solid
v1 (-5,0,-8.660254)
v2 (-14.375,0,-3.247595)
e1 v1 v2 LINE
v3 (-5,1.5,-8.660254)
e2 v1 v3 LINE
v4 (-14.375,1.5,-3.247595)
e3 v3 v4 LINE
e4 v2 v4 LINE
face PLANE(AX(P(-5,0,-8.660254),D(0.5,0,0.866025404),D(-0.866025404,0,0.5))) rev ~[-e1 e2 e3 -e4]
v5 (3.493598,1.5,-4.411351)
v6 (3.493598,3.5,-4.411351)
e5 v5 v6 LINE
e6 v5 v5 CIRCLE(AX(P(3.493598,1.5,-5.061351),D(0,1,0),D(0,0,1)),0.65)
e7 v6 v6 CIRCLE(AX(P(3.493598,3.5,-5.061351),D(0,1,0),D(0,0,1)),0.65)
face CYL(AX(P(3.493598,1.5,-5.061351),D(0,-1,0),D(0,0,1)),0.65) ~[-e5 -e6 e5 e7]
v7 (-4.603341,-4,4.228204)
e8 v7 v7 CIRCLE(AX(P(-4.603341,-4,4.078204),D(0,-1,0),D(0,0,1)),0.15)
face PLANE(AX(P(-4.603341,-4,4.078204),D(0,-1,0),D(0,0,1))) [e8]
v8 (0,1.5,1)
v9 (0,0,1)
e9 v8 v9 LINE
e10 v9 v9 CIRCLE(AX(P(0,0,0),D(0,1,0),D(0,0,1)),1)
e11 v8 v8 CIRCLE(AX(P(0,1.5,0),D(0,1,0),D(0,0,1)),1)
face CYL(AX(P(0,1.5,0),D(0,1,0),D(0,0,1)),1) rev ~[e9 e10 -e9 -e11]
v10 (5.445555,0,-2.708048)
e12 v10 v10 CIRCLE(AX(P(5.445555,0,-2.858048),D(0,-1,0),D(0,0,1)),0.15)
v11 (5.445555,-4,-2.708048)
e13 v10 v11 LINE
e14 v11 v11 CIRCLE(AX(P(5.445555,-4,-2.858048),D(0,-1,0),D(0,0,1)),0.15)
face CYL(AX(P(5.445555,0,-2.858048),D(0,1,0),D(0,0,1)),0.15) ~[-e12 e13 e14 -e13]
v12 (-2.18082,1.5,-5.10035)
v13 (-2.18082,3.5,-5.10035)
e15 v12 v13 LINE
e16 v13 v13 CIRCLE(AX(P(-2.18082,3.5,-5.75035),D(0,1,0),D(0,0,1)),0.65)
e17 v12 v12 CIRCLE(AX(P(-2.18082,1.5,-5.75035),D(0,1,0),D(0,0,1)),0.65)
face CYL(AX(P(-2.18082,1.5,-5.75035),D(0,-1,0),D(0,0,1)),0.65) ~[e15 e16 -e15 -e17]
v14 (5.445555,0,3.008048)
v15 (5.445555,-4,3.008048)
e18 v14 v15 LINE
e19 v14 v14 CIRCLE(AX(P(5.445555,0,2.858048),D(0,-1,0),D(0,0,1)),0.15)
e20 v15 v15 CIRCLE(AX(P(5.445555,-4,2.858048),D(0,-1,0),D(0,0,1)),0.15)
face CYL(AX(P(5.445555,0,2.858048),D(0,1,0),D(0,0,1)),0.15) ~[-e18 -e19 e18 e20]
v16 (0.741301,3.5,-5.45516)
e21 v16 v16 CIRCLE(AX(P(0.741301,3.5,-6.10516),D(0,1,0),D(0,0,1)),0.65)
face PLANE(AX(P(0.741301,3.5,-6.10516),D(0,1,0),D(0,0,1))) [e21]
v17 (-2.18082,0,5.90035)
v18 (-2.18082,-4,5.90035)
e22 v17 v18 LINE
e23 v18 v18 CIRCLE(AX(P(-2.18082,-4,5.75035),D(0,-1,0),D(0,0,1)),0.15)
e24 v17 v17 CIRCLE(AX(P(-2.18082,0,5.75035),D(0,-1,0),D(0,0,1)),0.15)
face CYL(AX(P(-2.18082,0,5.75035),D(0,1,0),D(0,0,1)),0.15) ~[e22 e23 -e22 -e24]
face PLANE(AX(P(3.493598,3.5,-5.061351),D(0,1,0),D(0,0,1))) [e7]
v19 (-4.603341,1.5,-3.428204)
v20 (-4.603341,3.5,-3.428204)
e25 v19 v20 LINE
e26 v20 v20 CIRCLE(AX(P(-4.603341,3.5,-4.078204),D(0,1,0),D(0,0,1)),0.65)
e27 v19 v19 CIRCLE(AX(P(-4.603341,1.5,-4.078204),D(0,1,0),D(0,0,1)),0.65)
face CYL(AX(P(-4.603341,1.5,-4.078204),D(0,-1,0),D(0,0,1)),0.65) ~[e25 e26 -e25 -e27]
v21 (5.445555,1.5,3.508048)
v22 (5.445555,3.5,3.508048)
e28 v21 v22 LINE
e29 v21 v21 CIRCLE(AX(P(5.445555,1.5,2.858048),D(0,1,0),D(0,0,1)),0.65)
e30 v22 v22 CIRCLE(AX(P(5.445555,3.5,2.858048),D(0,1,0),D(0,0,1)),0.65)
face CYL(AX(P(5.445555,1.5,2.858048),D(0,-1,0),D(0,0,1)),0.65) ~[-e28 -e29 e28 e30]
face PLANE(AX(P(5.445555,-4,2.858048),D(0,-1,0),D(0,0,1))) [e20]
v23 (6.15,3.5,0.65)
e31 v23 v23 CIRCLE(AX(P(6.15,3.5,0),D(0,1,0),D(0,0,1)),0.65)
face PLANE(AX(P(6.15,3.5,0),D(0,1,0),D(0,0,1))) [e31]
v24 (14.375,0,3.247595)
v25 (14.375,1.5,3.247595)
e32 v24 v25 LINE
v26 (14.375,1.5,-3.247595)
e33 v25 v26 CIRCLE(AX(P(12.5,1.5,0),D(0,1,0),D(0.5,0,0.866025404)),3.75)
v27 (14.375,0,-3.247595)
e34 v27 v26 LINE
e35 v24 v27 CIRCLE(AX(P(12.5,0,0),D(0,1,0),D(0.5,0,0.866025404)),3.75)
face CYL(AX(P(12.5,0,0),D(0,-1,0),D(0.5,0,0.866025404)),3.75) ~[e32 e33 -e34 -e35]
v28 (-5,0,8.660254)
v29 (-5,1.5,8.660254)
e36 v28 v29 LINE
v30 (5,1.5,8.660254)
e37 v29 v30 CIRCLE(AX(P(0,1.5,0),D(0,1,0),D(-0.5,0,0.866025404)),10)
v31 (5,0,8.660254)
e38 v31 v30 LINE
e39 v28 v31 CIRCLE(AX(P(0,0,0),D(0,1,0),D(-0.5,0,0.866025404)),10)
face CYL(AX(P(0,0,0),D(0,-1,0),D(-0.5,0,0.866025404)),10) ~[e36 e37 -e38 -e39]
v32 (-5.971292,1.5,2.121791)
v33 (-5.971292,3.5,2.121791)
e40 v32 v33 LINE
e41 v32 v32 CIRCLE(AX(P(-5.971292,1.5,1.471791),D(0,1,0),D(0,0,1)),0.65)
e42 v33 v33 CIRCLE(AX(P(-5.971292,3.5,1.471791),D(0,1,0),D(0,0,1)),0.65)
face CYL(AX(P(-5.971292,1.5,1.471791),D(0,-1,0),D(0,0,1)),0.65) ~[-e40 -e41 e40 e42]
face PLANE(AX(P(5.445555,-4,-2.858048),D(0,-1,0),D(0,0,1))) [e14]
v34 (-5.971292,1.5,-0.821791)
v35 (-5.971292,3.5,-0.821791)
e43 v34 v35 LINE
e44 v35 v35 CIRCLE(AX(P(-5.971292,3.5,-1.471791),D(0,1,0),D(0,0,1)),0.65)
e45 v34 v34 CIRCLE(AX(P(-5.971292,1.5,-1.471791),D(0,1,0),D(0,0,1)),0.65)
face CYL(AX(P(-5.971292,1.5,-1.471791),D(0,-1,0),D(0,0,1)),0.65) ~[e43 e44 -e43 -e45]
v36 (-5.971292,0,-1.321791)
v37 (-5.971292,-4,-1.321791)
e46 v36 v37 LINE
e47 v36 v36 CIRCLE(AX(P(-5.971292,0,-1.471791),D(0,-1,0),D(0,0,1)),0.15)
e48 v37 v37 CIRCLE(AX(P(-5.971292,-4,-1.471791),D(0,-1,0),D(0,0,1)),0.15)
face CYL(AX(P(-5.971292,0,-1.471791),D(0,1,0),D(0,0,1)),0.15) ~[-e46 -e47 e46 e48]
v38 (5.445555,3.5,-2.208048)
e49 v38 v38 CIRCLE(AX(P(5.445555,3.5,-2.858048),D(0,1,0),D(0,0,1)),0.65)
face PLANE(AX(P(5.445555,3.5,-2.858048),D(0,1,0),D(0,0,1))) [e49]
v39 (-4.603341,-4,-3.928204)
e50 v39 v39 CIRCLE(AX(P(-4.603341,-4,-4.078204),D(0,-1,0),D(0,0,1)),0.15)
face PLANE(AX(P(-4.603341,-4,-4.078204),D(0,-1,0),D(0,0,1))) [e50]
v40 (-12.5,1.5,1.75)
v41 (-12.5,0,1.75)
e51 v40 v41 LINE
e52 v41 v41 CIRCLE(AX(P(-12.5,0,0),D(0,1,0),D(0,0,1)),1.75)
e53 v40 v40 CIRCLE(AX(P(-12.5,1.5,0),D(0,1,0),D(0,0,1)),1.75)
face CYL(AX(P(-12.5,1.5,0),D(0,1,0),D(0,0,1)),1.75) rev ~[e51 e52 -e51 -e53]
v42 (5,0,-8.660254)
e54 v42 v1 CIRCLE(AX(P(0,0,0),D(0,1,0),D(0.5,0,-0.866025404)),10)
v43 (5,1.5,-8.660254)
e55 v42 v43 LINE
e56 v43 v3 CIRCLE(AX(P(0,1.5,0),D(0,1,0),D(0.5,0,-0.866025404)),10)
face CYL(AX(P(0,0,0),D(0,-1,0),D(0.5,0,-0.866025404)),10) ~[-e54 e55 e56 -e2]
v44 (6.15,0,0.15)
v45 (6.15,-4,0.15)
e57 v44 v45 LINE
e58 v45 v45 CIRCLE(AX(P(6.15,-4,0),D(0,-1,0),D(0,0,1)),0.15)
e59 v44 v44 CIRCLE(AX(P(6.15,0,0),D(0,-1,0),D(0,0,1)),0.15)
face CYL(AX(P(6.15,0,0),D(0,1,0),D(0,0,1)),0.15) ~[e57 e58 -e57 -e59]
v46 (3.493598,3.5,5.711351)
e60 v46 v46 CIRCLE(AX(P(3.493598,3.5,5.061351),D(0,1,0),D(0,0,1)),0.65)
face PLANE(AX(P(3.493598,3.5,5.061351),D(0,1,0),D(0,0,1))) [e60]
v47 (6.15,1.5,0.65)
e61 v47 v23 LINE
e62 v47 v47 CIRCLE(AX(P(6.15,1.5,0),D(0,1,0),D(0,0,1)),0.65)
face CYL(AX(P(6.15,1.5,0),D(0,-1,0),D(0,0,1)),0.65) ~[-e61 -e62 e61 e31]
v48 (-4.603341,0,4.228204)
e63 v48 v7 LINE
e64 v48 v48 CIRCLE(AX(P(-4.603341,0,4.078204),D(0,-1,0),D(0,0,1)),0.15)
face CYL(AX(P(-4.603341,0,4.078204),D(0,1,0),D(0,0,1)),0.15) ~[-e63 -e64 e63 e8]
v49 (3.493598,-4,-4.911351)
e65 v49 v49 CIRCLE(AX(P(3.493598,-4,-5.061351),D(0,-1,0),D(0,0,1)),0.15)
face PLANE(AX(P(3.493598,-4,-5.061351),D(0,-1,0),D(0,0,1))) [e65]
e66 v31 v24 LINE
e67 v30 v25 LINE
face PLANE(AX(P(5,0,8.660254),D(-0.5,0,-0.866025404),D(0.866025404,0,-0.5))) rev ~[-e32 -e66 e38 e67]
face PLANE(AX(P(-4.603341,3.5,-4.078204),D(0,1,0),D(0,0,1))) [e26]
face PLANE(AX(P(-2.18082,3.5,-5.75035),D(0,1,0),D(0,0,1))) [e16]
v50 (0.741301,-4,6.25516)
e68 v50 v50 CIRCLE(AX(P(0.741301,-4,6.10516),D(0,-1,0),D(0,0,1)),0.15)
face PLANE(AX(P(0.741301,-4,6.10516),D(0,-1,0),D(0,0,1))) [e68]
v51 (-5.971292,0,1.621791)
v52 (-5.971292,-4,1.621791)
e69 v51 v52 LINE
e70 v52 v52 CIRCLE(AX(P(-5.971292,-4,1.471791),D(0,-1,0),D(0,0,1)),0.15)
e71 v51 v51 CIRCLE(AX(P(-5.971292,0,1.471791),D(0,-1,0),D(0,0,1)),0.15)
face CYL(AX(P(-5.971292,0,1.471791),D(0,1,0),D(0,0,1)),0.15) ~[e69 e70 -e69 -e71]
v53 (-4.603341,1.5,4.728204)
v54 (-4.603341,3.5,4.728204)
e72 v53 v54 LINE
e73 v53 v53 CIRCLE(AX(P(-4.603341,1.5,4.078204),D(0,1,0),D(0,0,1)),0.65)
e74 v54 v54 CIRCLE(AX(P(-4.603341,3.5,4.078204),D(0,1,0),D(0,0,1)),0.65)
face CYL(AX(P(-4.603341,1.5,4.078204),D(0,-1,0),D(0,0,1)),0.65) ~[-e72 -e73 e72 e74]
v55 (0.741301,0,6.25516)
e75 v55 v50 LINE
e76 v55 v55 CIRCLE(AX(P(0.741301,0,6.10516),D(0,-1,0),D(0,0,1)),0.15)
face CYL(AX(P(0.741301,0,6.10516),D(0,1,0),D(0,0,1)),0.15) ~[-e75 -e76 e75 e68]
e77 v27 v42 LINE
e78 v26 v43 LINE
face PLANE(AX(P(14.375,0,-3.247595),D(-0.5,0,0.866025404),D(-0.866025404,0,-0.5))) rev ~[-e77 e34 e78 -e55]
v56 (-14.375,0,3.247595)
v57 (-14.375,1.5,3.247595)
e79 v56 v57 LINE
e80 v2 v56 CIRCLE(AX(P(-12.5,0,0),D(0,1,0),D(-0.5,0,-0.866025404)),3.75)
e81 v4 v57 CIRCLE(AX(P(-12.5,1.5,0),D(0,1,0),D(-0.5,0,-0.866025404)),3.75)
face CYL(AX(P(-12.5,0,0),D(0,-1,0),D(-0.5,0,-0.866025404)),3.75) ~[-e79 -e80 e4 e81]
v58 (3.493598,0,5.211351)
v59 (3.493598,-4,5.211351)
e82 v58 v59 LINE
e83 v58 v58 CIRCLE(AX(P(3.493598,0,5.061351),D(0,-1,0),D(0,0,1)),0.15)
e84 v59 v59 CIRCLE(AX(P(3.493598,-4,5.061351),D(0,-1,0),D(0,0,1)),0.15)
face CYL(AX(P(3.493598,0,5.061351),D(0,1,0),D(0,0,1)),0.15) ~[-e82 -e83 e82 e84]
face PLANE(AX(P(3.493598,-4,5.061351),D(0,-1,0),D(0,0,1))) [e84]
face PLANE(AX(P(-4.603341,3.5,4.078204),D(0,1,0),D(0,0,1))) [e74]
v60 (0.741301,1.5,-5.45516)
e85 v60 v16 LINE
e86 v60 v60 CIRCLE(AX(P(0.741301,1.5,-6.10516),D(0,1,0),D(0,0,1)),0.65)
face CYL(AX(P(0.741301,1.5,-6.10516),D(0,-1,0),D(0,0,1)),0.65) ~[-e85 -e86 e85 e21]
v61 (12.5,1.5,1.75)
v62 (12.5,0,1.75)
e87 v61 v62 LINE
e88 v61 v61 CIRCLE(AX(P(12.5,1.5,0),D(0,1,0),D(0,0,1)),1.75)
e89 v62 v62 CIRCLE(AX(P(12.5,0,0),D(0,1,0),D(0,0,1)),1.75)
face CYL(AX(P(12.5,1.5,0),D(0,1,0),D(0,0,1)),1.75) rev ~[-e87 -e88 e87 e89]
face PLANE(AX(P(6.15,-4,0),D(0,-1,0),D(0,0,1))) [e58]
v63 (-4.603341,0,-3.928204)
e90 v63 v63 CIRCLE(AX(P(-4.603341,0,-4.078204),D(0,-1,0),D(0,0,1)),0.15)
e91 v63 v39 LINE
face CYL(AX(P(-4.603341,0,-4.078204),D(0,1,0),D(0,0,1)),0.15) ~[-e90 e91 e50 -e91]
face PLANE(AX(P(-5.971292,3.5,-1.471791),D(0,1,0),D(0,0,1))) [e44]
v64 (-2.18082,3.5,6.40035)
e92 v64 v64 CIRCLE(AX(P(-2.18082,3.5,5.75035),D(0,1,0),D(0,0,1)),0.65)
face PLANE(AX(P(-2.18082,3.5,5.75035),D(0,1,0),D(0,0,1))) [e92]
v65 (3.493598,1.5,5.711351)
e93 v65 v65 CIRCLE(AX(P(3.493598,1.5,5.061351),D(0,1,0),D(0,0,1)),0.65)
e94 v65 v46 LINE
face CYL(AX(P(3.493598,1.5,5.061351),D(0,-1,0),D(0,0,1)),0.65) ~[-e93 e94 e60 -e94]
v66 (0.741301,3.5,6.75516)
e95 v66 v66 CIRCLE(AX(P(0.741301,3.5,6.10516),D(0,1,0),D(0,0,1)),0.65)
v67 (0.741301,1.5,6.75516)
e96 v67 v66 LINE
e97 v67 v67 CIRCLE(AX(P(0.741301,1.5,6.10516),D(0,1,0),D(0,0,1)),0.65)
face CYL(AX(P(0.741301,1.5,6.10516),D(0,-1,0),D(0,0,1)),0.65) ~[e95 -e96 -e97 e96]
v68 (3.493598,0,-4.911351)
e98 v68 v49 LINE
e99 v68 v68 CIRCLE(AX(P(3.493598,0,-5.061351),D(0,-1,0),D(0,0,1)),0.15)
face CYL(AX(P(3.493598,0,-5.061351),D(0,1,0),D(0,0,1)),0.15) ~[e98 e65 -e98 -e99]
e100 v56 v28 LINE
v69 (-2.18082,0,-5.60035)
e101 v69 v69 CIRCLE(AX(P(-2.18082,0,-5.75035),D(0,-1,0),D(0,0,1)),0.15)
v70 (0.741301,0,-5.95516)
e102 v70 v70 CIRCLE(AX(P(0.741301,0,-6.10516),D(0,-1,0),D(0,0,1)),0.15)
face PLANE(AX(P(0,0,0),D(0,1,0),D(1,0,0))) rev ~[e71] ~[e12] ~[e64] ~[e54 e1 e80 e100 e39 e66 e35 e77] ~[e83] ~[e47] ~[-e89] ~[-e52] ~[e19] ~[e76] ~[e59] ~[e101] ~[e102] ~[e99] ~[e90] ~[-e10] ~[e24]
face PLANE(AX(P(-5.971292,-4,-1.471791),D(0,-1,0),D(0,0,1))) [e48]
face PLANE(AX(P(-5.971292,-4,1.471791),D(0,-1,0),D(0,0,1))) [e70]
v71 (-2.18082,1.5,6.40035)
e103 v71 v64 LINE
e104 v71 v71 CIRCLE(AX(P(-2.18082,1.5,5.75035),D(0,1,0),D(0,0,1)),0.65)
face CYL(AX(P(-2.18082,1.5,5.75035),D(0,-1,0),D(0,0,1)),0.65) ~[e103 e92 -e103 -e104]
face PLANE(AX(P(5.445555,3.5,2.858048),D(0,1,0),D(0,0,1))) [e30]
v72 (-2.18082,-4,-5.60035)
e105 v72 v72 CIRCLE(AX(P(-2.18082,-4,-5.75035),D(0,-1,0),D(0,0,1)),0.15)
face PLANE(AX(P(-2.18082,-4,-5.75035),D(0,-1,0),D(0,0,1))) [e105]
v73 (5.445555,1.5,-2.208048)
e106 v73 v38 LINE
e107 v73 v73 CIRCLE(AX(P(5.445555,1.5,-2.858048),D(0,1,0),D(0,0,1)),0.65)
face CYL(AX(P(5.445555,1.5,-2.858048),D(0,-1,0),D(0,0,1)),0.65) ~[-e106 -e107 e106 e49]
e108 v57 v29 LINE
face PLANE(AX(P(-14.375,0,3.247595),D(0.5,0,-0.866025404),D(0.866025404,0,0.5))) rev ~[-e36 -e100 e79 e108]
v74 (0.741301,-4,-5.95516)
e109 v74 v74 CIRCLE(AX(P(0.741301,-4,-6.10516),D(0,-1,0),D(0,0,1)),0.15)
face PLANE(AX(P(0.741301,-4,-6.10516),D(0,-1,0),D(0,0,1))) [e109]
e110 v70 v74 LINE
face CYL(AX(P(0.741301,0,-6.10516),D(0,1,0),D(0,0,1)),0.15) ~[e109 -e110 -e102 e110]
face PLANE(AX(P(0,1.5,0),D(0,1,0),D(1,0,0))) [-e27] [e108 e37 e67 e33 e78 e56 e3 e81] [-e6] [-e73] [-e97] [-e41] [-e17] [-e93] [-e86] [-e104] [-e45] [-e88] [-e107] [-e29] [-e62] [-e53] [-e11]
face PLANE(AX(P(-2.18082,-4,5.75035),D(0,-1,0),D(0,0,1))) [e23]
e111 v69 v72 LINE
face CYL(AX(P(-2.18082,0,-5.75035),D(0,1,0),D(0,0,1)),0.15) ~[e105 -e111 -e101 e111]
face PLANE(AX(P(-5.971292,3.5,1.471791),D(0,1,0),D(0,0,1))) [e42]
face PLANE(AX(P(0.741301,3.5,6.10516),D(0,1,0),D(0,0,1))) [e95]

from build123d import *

# Parameters (mm, degrees)
BOSS_EXTRU_1_DEPTH      = 1.5
ESQUISSE2_R             = 1.75
ENL_V_MAT_EXTRU_1_DEPTH = 20.139292045
ESQUISSE3_R             = 0.65
BOSS_EXTRU_2_DEPTH      = 2
ESQUISSE4_R             = 0.15
BOSS_EXTRU_3_DEPTH      = 4
ESQUISSE6_R             = 1
ENL_V_MAT_EXTRU_2_DEPTH = 20.857303442


with BuildPart() as part:
    # Esquisse1 → Boss.-Extru.1 (new body)
    with BuildSketch(Plane(origin=(0, 0, 0), x_dir=(1, 0, 0), z_dir=(0, 1, 0))):
        with BuildLine():
            Line((-5, 8.660254038), (-14.375, 3.247595264))
            ThreePointArc((-14.375, 3.247595264), (-16.25, 0), (-14.375, -3.247595264))
            Line((-14.375, -3.247595264), (-5, -8.660254038))
            ThreePointArc((-5, -8.660254038), (0, -10), (5, -8.660254038))
            Line((5, -8.660254038), (14.375, -3.247595264))
            ThreePointArc((14.375, -3.247595264), (16.25, 0), (14.375, 3.247595264))
            Line((14.375, 3.247595264), (5, 8.660254038))
            ThreePointArc((5, 8.660254038), (0, 10), (-5, 8.660254038))
        make_face()
    extrude(amount=BOSS_EXTRU_1_DEPTH)

    # Esquisse2 → Enlèv. mat.-Extru.1 (cut, through all)
    with BuildSketch(Plane(origin=(0, 1.5, 0), x_dir=(1, 0, 0), z_dir=(0, 1, 0))):
        with Locations(Location((-12.5, 0, 0), (0, 0, 270))):
            Circle(ESQUISSE2_R)
        with Locations(Location((12.5, 0, 0), (0, 0, 270))):
            Circle(ESQUISSE2_R)
    extrude(amount=-ENL_V_MAT_EXTRU_1_DEPTH, mode=Mode.SUBTRACT)

    # Esquisse3 → Boss.-Extru.2 (add)
    with BuildSketch(Plane(origin=(0, 1.5, 0), x_dir=(1, 0, 0), z_dir=(0, 1, 0))):
        with Locations(Location((6.15, 0, 0), (0, 0, 270))):
            Circle(ESQUISSE3_R)
        with Locations(Location((5.445554558, -2.858047508, 0), (0, 0, 270))):
            Circle(ESQUISSE3_R)
        with Locations(Location((3.493598192, -5.061350775, 0), (0, 0, 270))):
            Circle(ESQUISSE3_R)
        with Locations(Location((0.741300584, -6.105159576, 0), (0, 0, 270))):
            Circle(ESQUISSE3_R)
        with Locations(Location((-2.180820055, -5.750349893, 0), (0, 0, 270))):
            Circle(ESQUISSE3_R)
        with Locations(Location((-4.603341101, -4.078204348, 0), (0, 0, 270))):
            Circle(ESQUISSE3_R)
        with Locations(Location((-5.971292177, -1.471791335, 0), (0, 0, 270))):
            Circle(ESQUISSE3_R)
        with Locations(Location((-5.971292177, 1.471791335, 0), (0, 0, 270))):
            Circle(ESQUISSE3_R)
        with Locations(Location((-4.603341101, 4.078204348, 0), (0, 0, 270))):
            Circle(ESQUISSE3_R)
        with Locations(Location((-2.180820055, 5.750349893, 0), (0, 0, 270))):
            Circle(ESQUISSE3_R)
        with Locations(Location((0.741300584, 6.105159576, 0), (0, 0, 270))):
            Circle(ESQUISSE3_R)
        with Locations(Location((3.493598192, 5.061350775, 0), (0, 0, 270))):
            Circle(ESQUISSE3_R)
        with Locations(Location((5.445554558, 2.858047508, 0), (0, 0, 270))):
            Circle(ESQUISSE3_R)
    extrude(amount=BOSS_EXTRU_2_DEPTH)

    # Esquisse4 → Boss.-Extru.3 (add)
    with BuildSketch(Plane.XZ):
        with Locations(Location((6.15, 0, 0), (0, 0, 90))):
            Circle(ESQUISSE4_R)
        with Locations(Location((5.445554558, -2.858047508, 0), (0, 0, 90))):
            Circle(ESQUISSE4_R)
        with Locations(Location((3.493598192, -5.061350775, 0), (0, 0, 90))):
            Circle(ESQUISSE4_R)
        with Locations(Location((0.741300584, -6.105159576, 0), (0, 0, 90))):
            Circle(ESQUISSE4_R)
        with Locations(Location((-2.180820055, -5.750349893, 0), (0, 0, 90))):
            Circle(ESQUISSE4_R)
        with Locations(Location((-4.603341101, -4.078204348, 0), (0, 0, 90))):
            Circle(ESQUISSE4_R)
        with Locations(Location((-5.971292177, -1.471791335, 0), (0, 0, 90))):
            Circle(ESQUISSE4_R)
        with Locations(Location((-5.971292177, 1.471791335, 0), (0, 0, 90))):
            Circle(ESQUISSE4_R)
        with Locations(Location((-4.603341101, 4.078204348, 0), (0, 0, 90))):
            Circle(ESQUISSE4_R)
        with Locations(Location((-2.180820055, 5.750349893, 0), (0, 0, 90))):
            Circle(ESQUISSE4_R)
        with Locations(Location((0.741300584, 6.105159576, 0), (0, 0, 90))):
            Circle(ESQUISSE4_R)
        with Locations(Location((3.493598192, 5.061350775, 0), (0, 0, 90))):
            Circle(ESQUISSE4_R)
        with Locations(Location((5.445554558, 2.858047508, 0), (0, 0, 90))):
            Circle(ESQUISSE4_R)
    extrude(amount=BOSS_EXTRU_3_DEPTH)

    # Esquisse6 → Enlèv. mat.-Extru.2 (cut, through all)
    with BuildSketch(Plane(origin=(0, 1.5, 0), x_dir=(1, 0, 0), z_dir=(0, 1, 0))):
        with Locations(Location((0, 0, 0), (0, 0, 270))):
            Circle(ESQUISSE6_R)
    extrude(amount=-ENL_V_MAT_EXTRU_2_DEPTH, mode=Mode.SUBTRACT)


solid = part.part
